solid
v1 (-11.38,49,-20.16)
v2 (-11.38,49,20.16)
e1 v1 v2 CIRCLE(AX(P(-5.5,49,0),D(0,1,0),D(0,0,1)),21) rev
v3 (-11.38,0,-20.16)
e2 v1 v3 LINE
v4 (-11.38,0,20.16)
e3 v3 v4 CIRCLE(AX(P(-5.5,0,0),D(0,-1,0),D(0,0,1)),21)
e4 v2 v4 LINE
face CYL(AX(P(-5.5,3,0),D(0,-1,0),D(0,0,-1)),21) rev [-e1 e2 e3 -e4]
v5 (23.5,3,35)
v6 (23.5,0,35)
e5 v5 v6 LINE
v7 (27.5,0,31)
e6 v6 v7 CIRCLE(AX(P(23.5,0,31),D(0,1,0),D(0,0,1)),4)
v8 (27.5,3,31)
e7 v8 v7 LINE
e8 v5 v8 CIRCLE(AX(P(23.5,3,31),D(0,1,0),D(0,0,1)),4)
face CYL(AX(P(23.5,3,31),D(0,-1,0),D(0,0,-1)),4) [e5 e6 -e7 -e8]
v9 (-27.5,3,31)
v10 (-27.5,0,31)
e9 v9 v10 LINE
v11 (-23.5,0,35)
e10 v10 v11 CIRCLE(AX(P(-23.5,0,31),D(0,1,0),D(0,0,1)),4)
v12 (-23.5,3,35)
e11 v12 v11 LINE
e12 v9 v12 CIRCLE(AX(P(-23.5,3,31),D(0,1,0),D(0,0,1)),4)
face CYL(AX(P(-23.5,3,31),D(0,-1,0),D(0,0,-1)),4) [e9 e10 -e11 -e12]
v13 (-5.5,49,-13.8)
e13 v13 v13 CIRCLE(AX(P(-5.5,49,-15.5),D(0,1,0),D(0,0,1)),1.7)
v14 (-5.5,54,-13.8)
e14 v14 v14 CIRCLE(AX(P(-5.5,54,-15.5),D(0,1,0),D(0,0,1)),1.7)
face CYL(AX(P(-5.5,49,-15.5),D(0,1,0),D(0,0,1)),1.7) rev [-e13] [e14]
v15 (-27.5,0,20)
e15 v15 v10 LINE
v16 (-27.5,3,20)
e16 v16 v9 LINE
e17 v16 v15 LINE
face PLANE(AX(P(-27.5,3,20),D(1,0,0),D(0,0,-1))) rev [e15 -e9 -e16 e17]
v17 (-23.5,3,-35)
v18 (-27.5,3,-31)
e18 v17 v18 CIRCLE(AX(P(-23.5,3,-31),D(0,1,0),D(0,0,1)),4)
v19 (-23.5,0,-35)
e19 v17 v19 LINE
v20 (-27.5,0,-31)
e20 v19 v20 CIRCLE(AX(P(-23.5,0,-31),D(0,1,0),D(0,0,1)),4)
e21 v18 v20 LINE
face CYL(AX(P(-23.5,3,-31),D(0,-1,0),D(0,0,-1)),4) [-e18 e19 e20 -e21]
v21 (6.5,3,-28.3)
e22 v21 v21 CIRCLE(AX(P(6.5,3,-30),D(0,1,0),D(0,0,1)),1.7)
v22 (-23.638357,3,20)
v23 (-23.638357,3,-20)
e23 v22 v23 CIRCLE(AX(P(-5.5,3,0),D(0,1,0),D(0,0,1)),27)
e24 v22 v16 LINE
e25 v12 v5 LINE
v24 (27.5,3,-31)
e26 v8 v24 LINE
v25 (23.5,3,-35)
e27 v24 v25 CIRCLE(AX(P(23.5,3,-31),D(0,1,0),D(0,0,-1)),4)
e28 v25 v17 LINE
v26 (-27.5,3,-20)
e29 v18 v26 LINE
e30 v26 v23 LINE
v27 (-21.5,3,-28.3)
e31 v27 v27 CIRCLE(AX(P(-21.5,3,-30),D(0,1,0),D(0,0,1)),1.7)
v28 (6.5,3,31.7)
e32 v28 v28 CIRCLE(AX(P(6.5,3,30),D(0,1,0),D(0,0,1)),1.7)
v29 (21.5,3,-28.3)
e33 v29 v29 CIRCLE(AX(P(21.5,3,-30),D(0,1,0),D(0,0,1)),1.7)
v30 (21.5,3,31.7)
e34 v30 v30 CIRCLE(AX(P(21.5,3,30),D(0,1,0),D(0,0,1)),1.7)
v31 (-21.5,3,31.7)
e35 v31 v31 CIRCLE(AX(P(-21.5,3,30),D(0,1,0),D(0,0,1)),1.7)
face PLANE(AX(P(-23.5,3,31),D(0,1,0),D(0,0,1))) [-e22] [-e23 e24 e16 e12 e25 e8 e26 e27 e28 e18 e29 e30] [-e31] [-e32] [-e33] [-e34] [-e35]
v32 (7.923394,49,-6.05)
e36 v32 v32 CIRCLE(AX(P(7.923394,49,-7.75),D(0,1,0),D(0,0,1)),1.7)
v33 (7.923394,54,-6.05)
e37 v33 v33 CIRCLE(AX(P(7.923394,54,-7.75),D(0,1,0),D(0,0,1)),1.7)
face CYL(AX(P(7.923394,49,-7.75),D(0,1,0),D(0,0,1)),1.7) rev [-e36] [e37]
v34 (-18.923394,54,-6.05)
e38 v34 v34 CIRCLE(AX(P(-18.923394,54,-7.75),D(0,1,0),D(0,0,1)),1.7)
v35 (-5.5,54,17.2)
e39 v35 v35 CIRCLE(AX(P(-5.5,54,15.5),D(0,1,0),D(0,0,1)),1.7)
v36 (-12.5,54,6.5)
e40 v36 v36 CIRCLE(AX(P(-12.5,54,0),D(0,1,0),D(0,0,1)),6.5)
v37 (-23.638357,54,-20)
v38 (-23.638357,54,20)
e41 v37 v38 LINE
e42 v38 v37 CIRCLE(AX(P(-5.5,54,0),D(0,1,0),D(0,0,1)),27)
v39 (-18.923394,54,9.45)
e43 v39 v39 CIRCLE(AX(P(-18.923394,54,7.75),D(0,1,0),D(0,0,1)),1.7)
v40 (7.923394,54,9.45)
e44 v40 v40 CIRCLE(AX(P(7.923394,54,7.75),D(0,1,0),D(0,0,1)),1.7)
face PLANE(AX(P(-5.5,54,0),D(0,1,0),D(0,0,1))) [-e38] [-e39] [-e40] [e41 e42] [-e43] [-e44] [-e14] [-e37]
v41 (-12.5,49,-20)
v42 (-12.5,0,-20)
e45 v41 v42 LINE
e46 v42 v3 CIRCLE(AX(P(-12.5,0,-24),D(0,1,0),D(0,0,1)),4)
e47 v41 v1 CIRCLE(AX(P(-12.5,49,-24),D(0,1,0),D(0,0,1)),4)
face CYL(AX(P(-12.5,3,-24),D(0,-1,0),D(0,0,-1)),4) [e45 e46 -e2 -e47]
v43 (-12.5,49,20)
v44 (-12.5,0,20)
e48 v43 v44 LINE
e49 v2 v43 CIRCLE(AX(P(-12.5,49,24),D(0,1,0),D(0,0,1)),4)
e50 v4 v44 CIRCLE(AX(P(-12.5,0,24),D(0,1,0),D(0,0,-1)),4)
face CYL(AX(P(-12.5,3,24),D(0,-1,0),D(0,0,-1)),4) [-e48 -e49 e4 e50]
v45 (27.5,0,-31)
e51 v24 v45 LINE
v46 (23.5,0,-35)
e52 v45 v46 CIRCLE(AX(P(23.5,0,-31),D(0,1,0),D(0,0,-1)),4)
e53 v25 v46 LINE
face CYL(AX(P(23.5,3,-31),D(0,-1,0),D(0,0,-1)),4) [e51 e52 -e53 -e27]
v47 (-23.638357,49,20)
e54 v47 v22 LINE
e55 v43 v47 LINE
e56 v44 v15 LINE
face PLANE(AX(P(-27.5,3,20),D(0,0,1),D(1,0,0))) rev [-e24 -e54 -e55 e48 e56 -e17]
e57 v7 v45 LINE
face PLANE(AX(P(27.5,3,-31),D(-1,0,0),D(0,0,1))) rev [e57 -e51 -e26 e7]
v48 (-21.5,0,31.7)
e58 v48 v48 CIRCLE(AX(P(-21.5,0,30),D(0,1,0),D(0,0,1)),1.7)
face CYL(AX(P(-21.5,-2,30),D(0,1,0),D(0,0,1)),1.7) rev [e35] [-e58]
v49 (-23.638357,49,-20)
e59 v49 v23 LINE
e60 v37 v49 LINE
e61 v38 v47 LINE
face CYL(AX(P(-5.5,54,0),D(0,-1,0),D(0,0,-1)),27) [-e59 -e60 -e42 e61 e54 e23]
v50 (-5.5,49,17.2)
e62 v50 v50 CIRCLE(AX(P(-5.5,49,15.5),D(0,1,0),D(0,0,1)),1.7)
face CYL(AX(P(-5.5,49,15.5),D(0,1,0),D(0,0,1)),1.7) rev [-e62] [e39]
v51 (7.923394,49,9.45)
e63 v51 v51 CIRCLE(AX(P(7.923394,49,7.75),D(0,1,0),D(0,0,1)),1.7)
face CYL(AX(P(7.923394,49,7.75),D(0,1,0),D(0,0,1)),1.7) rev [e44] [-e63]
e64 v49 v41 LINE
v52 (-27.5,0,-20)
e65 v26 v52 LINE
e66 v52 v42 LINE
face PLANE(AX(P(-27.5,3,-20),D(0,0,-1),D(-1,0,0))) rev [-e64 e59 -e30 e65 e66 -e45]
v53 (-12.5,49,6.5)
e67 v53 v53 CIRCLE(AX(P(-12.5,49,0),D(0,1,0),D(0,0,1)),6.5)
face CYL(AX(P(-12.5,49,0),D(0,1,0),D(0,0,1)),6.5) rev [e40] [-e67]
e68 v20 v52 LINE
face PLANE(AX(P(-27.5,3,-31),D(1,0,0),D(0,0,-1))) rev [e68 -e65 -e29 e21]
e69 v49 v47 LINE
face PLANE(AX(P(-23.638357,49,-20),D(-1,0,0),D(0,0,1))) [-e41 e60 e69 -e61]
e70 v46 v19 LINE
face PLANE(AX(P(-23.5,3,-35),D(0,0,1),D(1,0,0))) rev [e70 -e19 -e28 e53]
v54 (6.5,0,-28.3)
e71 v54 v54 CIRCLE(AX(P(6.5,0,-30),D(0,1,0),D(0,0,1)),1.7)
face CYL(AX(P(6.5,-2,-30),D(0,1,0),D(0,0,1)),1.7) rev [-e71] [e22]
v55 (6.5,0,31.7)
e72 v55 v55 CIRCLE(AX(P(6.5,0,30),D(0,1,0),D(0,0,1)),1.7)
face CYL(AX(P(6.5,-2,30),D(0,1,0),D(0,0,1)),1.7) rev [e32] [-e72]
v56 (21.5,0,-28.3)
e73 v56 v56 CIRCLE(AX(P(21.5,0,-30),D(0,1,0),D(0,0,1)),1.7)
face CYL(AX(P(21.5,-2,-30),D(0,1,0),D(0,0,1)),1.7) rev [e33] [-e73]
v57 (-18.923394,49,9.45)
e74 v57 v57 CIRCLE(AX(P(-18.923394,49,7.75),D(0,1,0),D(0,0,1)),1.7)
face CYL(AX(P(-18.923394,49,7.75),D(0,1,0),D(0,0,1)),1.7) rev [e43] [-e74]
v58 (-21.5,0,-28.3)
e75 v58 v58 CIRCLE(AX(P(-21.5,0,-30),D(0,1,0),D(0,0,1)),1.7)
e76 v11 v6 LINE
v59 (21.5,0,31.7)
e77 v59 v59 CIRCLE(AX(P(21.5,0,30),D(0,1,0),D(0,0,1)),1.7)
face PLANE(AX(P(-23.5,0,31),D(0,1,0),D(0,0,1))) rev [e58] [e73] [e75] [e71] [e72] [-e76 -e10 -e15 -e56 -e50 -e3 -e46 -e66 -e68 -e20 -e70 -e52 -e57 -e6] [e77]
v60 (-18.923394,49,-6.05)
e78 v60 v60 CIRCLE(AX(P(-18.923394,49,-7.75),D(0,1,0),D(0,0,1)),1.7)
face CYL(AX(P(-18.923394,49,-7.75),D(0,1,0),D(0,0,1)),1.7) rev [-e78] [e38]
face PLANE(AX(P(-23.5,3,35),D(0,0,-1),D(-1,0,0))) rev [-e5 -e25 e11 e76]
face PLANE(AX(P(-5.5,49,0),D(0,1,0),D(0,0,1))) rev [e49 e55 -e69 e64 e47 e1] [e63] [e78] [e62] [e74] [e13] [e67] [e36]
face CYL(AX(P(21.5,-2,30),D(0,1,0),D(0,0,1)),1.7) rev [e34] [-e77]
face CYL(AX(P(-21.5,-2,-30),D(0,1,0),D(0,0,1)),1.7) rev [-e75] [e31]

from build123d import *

# Parameters (mm, degrees)
DODANIE_WYCI_GNI_CIE1_DEPTH = 3
DODANIE_WYCI_GNI_CIE2_DEPTH = 51
DODANIE_WYCI_GNI_CIE3_START = -5
DODANIE_WYCI_GNI_CIE3_DEPTH = 5
SZKIC4_R                    = 1.7
WYTNIJ_WYCI_GNI_CIE1_DEPTH  = 5
SZKIC5_R                    = 6.5
SZKIC5_R_2                  = 1.7
WYTNIJ_WYCI_GNI_CIE2_DEPTH  = 5


with BuildPart() as part:
    # Szkic1 → Dodanie-wyciągnięcie1 (new body)
    with BuildSketch(Plane(origin=(0, 0, 0), x_dir=(1, 0, 0), z_dir=(0, 1, 0))):
        with BuildLine():
            Line((-27.5, 20), (-12.5, 20))
            ThreePointArc((-12.5, 20), (-11.934314575, 20.040202025), (-11.38, 20.16))
            ThreePointArc((-11.38, 20.16), (15.5, 0), (-11.38, -20.16))
            ThreePointArc((-11.38, -20.16), (-11.934314575, -20.040202025), (-12.5, -20))
            Line((-12.5, -20), (-27.5, -20))
            Line((-27.5, -20), (-27.5, -31))
            ThreePointArc((-27.5, -31), (-26.328427125, -33.828427125), (-23.5, -35))
            Line((-23.5, -35), (23.5, -35))
            ThreePointArc((23.5, -35), (26.328427125, -33.828427125), (27.5, -31))
            Line((27.5, -31), (27.5, 31))
            ThreePointArc((27.5, 31), (26.328427125, 33.828427125), (23.5, 35))
            Line((23.5, 35), (-23.5, 35))
            ThreePointArc((-23.5, 35), (-26.328427125, 33.828427125), (-27.5, 31))
            Line((-27.5, 31), (-27.5, 20))
        make_face()
    extrude(amount=DODANIE_WYCI_GNI_CIE1_DEPTH)

    # Szkic2 → Dodanie-wyciągnięcie2 (add)
    with BuildSketch(Plane(origin=(0, 3, 0), x_dir=(1, 0, 0), z_dir=(0, 1, 0))):
        with BuildLine():
            Line((-12.5, -20), (-23.638357147, -20))
            ThreePointArc((-23.638357147, -20), (21.5, 0), (-23.638357147, 20))
            Line((-23.638357147, 20), (-12.5, 20))
            ThreePointArc((-12.5, 20), (-11.934314575, 20.040202025), (-11.38, 20.16))
            ThreePointArc((-11.38, 20.16), (15.5, 0), (-11.38, -20.16))
            ThreePointArc((-11.38, -20.16), (-11.934314575, -20.040202025), (-12.5, -20))
        make_face()
    extrude(amount=DODANIE_WYCI_GNI_CIE2_DEPTH)

    # Szkic3 → Dodanie-wyciągnięcie3 (add)
    with BuildSketch(Plane(origin=(0, 54, 0), x_dir=(1, 0, 0), z_dir=(0, 1, 0)).offset(DODANIE_WYCI_GNI_CIE3_START)):
        with BuildLine():
            Line((-23.638357147, 20), (-23.638357147, -20))
            ThreePointArc((-23.638357147, -20), (21.5, 0), (-23.638357147, 20))
        make_face()
    extrude(amount=DODANIE_WYCI_GNI_CIE3_DEPTH)

    # Szkic4 → Wytnij-wyciągnięcie1 (cut)
    with BuildSketch(Plane(origin=(0, 3, 0), x_dir=(1, 0, 0), z_dir=(0, 1, 0))):
        with Locations(Location((-21.5, -30, 0), (0, 0, 270))):
            Circle(SZKIC4_R)
        with Locations(Location((21.5, -30, 0), (0, 0, 270))):
            Circle(SZKIC4_R)
        with Locations(Location((21.5, 30, 0), (0, 0, 270))):
            Circle(SZKIC4_R)
        with Locations(Location((-21.5, 30, 0), (0, 0, 270))):
            Circle(SZKIC4_R)
        with Locations(Location((6.5, -30, 0), (0, 0, 270))):
            Circle(SZKIC4_R)
        with Locations(Location((6.5, 30, 0), (0, 0, 270))):
            Circle(SZKIC4_R)
    extrude(amount=-WYTNIJ_WYCI_GNI_CIE1_DEPTH, mode=Mode.SUBTRACT)

    # Szkic5 → Wytnij-wyciągnięcie2 (cut)
    with BuildSketch(Plane(origin=(0, 54, 0), x_dir=(1, 0, 0), z_dir=(0, 1, 0))):
        with Locations(Location((-12.5, 0, 0), (0, 0, 270))):
            Circle(SZKIC5_R)
        with Locations(Location((-5.5, -15.5, 0), (0, 0, 270))):
            Circle(SZKIC5_R_2)
        with Locations(Location((-18.923393759, -7.75, 0), (0, 0, 270))):
            Circle(SZKIC5_R_2)
        with Locations(Location((-18.923393759, 7.75, 0), (0, 0, 270))):
            Circle(SZKIC5_R_2)
        with Locations(Location((-5.5, 15.5, 0), (0, 0, 270))):
            Circle(SZKIC5_R_2)
        with Locations(Location((7.923393759, 7.75, 0), (0, 0, 270))):
            Circle(SZKIC5_R_2)
        with Locations(Location((7.923393759, -7.75, 0), (0, 0, 270))):
            Circle(SZKIC5_R_2)
    extrude(amount=-WYTNIJ_WYCI_GNI_CIE2_DEPTH, mode=Mode.SUBTRACT)


solid = part.part
